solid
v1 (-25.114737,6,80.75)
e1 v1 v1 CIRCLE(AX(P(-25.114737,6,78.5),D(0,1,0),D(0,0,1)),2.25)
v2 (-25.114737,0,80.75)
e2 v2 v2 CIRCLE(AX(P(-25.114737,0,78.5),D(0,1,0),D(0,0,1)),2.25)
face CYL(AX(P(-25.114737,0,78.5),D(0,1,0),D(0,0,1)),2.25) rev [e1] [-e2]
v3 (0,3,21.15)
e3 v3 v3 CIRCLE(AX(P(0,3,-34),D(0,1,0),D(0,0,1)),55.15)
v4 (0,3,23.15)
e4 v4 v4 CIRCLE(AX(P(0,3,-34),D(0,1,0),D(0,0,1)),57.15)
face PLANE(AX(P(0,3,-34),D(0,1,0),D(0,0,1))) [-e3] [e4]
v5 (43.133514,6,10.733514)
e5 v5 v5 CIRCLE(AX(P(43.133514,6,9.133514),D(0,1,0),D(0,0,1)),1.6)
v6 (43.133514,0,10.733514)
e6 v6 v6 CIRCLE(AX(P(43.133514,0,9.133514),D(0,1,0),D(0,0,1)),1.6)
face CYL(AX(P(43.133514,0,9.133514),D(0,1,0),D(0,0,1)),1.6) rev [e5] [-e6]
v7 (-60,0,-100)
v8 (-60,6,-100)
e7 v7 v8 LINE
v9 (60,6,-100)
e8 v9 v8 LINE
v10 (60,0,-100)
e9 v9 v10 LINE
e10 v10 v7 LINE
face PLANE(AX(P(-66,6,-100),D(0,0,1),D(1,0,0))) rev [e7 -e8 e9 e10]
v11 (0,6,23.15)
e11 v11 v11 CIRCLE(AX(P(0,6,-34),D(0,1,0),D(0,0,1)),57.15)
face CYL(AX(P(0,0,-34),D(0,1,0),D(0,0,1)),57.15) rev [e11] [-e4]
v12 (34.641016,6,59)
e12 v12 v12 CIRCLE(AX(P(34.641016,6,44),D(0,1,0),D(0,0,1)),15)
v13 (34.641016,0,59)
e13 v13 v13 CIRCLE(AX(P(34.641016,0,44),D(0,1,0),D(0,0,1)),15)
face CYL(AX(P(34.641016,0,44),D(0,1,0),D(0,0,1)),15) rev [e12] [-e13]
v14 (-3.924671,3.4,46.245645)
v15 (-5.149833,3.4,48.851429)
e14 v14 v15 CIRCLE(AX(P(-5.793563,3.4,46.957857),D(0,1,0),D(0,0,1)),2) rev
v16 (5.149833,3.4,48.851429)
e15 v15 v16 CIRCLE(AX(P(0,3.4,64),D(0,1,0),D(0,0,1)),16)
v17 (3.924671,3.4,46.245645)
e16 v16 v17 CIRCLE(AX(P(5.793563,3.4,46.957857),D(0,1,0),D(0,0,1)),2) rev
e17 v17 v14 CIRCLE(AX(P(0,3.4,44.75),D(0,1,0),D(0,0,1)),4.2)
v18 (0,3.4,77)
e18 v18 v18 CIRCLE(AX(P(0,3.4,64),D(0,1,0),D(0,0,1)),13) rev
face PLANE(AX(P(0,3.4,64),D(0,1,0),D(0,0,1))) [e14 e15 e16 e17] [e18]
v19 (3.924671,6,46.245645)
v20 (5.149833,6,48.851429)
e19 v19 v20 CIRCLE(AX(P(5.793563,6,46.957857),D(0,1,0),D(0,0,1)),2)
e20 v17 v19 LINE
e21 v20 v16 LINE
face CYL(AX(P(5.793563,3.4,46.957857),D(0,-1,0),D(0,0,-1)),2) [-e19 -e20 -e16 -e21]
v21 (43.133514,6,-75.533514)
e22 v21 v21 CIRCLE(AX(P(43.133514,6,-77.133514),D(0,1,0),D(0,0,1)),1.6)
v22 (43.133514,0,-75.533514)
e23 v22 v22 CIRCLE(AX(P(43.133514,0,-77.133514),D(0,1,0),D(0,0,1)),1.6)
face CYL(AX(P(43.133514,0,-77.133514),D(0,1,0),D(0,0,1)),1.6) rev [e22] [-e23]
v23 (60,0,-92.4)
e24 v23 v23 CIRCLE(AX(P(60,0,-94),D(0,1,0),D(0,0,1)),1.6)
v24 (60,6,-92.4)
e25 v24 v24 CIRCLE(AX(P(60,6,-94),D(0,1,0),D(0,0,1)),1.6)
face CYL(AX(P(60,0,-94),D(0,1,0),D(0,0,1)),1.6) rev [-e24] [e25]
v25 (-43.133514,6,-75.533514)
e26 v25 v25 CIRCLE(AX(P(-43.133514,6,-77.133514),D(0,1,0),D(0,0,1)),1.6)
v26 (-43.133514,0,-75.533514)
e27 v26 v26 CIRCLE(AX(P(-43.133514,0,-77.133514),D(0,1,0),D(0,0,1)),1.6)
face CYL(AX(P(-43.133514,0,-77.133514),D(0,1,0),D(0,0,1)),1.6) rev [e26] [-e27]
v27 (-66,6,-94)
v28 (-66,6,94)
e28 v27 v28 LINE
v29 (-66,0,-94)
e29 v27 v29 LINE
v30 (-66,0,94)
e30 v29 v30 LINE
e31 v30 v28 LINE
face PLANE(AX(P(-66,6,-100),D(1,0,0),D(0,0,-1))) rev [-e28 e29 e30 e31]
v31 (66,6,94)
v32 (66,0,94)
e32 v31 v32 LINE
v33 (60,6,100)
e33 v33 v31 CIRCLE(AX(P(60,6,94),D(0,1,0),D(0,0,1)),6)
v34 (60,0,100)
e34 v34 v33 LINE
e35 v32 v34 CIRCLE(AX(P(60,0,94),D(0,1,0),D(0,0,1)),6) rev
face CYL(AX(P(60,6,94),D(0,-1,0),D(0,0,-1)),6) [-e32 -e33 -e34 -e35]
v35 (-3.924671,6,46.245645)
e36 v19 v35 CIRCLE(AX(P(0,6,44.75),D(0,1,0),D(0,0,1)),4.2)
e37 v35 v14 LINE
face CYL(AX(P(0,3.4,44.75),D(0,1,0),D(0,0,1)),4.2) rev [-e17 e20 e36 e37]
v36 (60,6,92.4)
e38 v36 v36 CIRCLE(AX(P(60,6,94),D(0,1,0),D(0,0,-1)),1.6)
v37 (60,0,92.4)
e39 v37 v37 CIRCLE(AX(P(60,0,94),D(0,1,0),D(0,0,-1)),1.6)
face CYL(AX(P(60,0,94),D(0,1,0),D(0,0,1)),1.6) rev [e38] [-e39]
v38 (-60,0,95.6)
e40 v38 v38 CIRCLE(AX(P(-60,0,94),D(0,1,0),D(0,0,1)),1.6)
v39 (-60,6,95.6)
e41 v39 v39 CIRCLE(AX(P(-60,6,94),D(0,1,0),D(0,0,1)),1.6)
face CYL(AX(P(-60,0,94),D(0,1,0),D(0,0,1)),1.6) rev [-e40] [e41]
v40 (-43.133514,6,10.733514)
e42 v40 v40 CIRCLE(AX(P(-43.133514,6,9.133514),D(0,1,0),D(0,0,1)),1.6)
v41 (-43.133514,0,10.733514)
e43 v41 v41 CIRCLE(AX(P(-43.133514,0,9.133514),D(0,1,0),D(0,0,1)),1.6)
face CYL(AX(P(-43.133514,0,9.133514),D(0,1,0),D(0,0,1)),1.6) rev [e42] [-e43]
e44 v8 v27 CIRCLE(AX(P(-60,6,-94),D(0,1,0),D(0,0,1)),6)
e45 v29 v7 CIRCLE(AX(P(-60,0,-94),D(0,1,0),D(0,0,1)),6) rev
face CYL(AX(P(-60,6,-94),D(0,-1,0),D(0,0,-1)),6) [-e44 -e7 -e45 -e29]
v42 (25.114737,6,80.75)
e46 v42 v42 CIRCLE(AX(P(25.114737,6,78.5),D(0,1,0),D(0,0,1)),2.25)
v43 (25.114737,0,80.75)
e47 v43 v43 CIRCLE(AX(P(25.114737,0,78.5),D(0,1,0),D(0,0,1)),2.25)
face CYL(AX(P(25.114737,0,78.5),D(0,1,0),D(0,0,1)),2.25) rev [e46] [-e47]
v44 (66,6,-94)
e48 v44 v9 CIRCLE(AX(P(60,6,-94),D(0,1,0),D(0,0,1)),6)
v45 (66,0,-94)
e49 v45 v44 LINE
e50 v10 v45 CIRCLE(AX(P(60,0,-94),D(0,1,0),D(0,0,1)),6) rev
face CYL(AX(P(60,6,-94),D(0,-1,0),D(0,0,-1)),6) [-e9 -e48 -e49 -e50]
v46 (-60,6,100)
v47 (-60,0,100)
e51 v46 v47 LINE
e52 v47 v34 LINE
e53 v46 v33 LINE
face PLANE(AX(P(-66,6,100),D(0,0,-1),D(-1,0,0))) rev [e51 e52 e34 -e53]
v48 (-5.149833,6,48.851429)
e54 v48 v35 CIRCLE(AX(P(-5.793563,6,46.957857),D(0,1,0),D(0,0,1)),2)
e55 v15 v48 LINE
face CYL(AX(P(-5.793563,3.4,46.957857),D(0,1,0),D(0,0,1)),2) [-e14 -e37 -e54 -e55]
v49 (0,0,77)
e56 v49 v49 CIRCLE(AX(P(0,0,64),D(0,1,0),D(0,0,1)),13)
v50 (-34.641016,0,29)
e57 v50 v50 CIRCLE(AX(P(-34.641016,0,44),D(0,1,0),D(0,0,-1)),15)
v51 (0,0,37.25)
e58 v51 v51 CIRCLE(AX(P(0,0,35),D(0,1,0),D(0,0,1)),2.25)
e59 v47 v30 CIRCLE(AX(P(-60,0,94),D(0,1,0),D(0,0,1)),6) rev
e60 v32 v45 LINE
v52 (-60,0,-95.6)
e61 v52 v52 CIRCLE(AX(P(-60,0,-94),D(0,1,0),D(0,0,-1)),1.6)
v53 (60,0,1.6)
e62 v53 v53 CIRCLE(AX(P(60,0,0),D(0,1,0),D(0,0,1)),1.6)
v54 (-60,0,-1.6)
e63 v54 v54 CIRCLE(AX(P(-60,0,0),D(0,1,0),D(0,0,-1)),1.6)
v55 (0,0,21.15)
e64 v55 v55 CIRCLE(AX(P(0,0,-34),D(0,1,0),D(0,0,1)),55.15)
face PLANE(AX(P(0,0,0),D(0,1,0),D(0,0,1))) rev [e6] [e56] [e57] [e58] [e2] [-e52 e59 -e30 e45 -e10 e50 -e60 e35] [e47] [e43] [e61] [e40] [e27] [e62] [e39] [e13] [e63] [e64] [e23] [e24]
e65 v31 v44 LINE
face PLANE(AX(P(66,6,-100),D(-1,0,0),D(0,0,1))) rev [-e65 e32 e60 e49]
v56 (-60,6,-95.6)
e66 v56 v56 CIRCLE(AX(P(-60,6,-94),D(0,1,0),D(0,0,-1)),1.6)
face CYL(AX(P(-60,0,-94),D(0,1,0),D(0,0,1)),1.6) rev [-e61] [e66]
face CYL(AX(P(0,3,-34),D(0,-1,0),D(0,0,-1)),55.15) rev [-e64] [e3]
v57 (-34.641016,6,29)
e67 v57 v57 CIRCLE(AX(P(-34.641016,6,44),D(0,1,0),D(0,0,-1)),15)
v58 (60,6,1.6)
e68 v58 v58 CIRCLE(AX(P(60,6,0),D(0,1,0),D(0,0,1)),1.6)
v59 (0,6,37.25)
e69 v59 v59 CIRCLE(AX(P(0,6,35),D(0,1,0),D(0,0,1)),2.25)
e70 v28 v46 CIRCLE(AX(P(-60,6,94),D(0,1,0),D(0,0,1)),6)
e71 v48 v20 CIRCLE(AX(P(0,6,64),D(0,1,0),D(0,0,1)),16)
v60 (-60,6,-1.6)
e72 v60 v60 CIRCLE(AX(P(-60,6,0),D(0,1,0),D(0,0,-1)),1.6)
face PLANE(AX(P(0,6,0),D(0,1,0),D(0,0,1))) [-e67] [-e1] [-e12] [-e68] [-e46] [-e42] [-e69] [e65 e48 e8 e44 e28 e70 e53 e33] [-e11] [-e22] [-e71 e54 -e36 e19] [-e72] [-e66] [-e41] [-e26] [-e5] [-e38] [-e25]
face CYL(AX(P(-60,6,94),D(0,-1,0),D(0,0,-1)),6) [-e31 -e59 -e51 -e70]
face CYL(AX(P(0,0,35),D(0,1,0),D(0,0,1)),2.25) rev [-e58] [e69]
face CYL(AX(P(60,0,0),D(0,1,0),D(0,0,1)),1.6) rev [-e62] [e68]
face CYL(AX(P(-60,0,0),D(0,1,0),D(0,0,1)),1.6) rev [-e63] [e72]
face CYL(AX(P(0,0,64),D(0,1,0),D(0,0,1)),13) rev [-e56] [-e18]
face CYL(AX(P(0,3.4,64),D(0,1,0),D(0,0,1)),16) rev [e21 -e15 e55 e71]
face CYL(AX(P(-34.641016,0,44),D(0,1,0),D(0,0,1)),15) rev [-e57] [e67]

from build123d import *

# Parameters (mm, degrees)
SKETCH_2_W          = 132
SKETCH_2_H          = 200
EXTRUDE_1_DEPTH     = 6
SKETCH_3_R          = 57.15
CUT_EXTRUDE_1_DEPTH = 6
EXTRUDE_START       = 3
SKETCH_6_R          = 57.15
SKETCH_6_R_2        = 55.15
EXTRUDE_2_DEPTH     = 3
SKETCH_10_R         = 1.6
CUT_EXTRUDE_2_DEPTH = 6
SKETCH_11_R         = 13
CUT_EXTRUDE_3_DEPTH = 6
SKETCH_12_R         = 16
CUT_EXTRUDE_4_DEPTH = 2.6
SKETCH_13_R         = 4.2
CUT_EXTRUDE_5_DEPTH = 2.6
FILLET_1_R          = 2
SKETCH_14_R         = 2.25
CUT_EXTRUDE_6_DEPTH = 6
FILLET_2_R          = 6
SKETCH_15_R         = 1.6
CUT_EXTRUDE_7_DEPTH = 6
SKETCH_17_R         = 15
CUT_EXTRUDE_9_DEPTH = 6


with BuildPart() as part:
    # 草图2 → 凸台-拉伸1 (new body)
    with BuildSketch(Plane(origin=(0, 0, 0), x_dir=(1, 0, 0), z_dir=(0, 1, 0))):
        Rectangle(SKETCH_2_W, SKETCH_2_H)
    extrude(amount=EXTRUDE_1_DEPTH)

    # 草图3 → 切除-拉伸1 (cut)
    with BuildSketch(Plane(origin=(0, 6, 0), x_dir=(1, 0, 0), z_dir=(0, 1, 0))):
        with Locations(Location((0, 34, 0), (0, 0, 270))):
            Circle(SKETCH_3_R)
    extrude(amount=-CUT_EXTRUDE_1_DEPTH, mode=Mode.SUBTRACT)

    # 草图6 → 凸台-拉伸2 (add)
    with BuildSketch(Plane(origin=(0, 0, 0), x_dir=(1, 0, 0), z_dir=(0, 1, 0)).offset(EXTRUDE_START)):
        with Locations(Location((0, 34, 0), (0, 0, 270))):
            Circle(SKETCH_6_R)
        with Locations(Location((0, 34, 0), (0, 0, 270))):
            Circle(SKETCH_6_R_2, mode=Mode.SUBTRACT)
    extrude(amount=-EXTRUDE_2_DEPTH)

    # 草图10 → 切除-拉伸2 (cut)
    with BuildSketch(Plane(origin=(0, 6, 0), x_dir=(1, 0, 0), z_dir=(0, 1, 0))):
        with Locations(Location((43.133513652, -9.133513652, 0), (0, 0, 270))):
            Circle(SKETCH_10_R)
        with Locations(Location((-43.133513652, -9.133513652, 0), (0, 0, 270))):
            Circle(SKETCH_10_R)
        with Locations(Location((-43.133513652, 77.133513652, 0), (0, 0, 270))):
            Circle(SKETCH_10_R)
        with Locations(Location((43.133513652, 77.133513652, 0), (0, 0, 270))):
            Circle(SKETCH_10_R)
    extrude(amount=-CUT_EXTRUDE_2_DEPTH, mode=Mode.SUBTRACT)

    # 草图11 → 切除-拉伸3 (cut)
    with BuildSketch(Plane(origin=(0, 6, 0), x_dir=(1, 0, 0), z_dir=(0, 1, 0))):
        with Locations(Location((0, -64, 0), (0, 0, 270))):
            Circle(SKETCH_11_R)
    extrude(amount=-CUT_EXTRUDE_3_DEPTH, mode=Mode.SUBTRACT)

    # 草图12 → 切除-拉伸4 (cut)
    with BuildSketch(Plane(origin=(0, 6, 0), x_dir=(1, 0, 0), z_dir=(0, 1, 0))):
        with Locations(Location((0, -64, 0), (0, 0, 270))):
            Circle(SKETCH_12_R)
    extrude(amount=-CUT_EXTRUDE_4_DEPTH, mode=Mode.SUBTRACT)

    # 草图13 → 切除-拉伸5 (cut)
    with BuildSketch(Plane(origin=(0, 6, 0), x_dir=(1, 0, 0), z_dir=(0, 1, 0))):
        with Locations((0, -44.75)):
            Circle(SKETCH_13_R)
    extrude(amount=-CUT_EXTRUDE_5_DEPTH, mode=Mode.SUBTRACT)

    # 圆角1
    fillet_1_edges = [part.edges().sort_by_distance(p)[0] for p in [
        (2.418429967, 4.7, 48.183831169),
        (-2.418429967, 4.7, 48.183831169),
    ]]
    fillet(fillet_1_edges, radius=FILLET_1_R)

    # 草图14 → 切除-拉伸6 (cut)
    with BuildSketch(Plane(origin=(0, 6, 0), x_dir=(1, 0, 0), z_dir=(0, 1, 0))):
        with Locations(Location((0, -35, 0), (0, 0, 270))):
            Circle(SKETCH_14_R)
        with Locations(Location((25.11473671, -78.5, 0), (0, 0, 270))):
            Circle(SKETCH_14_R)
        with Locations(Location((-25.11473671, -78.5, 0), (0, 0, 270))):
            Circle(SKETCH_14_R)
    extrude(amount=-CUT_EXTRUDE_6_DEPTH, mode=Mode.SUBTRACT)

    # 圆角2
    fillet_2_edges = [part.edges().sort_by_distance(p)[0] for p in [
        (66, 3, 100),
        (-66, 3, 100),
        (-66, 3, -100),
        (66, 3, -100),
    ]]
    fillet(fillet_2_edges, radius=FILLET_2_R)

    # 草图15 → 切除-拉伸7 (cut)
    with BuildSketch(Plane(origin=(0, 6, 0), x_dir=(1, 0, 0), z_dir=(0, 1, 0))):
        with Locations(Location((60, 94, 0), (0, 0, 270))):
            Circle(SKETCH_15_R)
        with Locations(Location((-60, 94, 0), (0, 0, 90))):
            Circle(SKETCH_15_R)
        with Locations(Location((60, -94, 0), (0, 0, 90))):
            Circle(SKETCH_15_R)
        with Locations(Location((-60, -94, 0), (0, 0, 270))):
            Circle(SKETCH_15_R)
        with Locations(Location((60, 0, 0), (0, 0, 270))):
            Circle(SKETCH_15_R)
        with Locations(Location((-60, 0, 0), (0, 0, 90))):
            Circle(SKETCH_15_R)
    extrude(amount=-CUT_EXTRUDE_7_DEPTH, mode=Mode.SUBTRACT)

    # 草图17 → 切除-拉伸9 (cut)
    with BuildSketch(Plane(origin=(0, 6, 0), x_dir=(1, 0, 0), z_dir=(0, 1, 0))):
        with Locations(Location((34.641016151, -44, 0), (0, 0, 270))):
            Circle(SKETCH_17_R)
        with Locations(Location((-34.641016151, -44, 0), (0, 0, 90))):
            Circle(SKETCH_17_R)
    extrude(amount=-CUT_EXTRUDE_9_DEPTH, mode=Mode.SUBTRACT)


solid = part.part
